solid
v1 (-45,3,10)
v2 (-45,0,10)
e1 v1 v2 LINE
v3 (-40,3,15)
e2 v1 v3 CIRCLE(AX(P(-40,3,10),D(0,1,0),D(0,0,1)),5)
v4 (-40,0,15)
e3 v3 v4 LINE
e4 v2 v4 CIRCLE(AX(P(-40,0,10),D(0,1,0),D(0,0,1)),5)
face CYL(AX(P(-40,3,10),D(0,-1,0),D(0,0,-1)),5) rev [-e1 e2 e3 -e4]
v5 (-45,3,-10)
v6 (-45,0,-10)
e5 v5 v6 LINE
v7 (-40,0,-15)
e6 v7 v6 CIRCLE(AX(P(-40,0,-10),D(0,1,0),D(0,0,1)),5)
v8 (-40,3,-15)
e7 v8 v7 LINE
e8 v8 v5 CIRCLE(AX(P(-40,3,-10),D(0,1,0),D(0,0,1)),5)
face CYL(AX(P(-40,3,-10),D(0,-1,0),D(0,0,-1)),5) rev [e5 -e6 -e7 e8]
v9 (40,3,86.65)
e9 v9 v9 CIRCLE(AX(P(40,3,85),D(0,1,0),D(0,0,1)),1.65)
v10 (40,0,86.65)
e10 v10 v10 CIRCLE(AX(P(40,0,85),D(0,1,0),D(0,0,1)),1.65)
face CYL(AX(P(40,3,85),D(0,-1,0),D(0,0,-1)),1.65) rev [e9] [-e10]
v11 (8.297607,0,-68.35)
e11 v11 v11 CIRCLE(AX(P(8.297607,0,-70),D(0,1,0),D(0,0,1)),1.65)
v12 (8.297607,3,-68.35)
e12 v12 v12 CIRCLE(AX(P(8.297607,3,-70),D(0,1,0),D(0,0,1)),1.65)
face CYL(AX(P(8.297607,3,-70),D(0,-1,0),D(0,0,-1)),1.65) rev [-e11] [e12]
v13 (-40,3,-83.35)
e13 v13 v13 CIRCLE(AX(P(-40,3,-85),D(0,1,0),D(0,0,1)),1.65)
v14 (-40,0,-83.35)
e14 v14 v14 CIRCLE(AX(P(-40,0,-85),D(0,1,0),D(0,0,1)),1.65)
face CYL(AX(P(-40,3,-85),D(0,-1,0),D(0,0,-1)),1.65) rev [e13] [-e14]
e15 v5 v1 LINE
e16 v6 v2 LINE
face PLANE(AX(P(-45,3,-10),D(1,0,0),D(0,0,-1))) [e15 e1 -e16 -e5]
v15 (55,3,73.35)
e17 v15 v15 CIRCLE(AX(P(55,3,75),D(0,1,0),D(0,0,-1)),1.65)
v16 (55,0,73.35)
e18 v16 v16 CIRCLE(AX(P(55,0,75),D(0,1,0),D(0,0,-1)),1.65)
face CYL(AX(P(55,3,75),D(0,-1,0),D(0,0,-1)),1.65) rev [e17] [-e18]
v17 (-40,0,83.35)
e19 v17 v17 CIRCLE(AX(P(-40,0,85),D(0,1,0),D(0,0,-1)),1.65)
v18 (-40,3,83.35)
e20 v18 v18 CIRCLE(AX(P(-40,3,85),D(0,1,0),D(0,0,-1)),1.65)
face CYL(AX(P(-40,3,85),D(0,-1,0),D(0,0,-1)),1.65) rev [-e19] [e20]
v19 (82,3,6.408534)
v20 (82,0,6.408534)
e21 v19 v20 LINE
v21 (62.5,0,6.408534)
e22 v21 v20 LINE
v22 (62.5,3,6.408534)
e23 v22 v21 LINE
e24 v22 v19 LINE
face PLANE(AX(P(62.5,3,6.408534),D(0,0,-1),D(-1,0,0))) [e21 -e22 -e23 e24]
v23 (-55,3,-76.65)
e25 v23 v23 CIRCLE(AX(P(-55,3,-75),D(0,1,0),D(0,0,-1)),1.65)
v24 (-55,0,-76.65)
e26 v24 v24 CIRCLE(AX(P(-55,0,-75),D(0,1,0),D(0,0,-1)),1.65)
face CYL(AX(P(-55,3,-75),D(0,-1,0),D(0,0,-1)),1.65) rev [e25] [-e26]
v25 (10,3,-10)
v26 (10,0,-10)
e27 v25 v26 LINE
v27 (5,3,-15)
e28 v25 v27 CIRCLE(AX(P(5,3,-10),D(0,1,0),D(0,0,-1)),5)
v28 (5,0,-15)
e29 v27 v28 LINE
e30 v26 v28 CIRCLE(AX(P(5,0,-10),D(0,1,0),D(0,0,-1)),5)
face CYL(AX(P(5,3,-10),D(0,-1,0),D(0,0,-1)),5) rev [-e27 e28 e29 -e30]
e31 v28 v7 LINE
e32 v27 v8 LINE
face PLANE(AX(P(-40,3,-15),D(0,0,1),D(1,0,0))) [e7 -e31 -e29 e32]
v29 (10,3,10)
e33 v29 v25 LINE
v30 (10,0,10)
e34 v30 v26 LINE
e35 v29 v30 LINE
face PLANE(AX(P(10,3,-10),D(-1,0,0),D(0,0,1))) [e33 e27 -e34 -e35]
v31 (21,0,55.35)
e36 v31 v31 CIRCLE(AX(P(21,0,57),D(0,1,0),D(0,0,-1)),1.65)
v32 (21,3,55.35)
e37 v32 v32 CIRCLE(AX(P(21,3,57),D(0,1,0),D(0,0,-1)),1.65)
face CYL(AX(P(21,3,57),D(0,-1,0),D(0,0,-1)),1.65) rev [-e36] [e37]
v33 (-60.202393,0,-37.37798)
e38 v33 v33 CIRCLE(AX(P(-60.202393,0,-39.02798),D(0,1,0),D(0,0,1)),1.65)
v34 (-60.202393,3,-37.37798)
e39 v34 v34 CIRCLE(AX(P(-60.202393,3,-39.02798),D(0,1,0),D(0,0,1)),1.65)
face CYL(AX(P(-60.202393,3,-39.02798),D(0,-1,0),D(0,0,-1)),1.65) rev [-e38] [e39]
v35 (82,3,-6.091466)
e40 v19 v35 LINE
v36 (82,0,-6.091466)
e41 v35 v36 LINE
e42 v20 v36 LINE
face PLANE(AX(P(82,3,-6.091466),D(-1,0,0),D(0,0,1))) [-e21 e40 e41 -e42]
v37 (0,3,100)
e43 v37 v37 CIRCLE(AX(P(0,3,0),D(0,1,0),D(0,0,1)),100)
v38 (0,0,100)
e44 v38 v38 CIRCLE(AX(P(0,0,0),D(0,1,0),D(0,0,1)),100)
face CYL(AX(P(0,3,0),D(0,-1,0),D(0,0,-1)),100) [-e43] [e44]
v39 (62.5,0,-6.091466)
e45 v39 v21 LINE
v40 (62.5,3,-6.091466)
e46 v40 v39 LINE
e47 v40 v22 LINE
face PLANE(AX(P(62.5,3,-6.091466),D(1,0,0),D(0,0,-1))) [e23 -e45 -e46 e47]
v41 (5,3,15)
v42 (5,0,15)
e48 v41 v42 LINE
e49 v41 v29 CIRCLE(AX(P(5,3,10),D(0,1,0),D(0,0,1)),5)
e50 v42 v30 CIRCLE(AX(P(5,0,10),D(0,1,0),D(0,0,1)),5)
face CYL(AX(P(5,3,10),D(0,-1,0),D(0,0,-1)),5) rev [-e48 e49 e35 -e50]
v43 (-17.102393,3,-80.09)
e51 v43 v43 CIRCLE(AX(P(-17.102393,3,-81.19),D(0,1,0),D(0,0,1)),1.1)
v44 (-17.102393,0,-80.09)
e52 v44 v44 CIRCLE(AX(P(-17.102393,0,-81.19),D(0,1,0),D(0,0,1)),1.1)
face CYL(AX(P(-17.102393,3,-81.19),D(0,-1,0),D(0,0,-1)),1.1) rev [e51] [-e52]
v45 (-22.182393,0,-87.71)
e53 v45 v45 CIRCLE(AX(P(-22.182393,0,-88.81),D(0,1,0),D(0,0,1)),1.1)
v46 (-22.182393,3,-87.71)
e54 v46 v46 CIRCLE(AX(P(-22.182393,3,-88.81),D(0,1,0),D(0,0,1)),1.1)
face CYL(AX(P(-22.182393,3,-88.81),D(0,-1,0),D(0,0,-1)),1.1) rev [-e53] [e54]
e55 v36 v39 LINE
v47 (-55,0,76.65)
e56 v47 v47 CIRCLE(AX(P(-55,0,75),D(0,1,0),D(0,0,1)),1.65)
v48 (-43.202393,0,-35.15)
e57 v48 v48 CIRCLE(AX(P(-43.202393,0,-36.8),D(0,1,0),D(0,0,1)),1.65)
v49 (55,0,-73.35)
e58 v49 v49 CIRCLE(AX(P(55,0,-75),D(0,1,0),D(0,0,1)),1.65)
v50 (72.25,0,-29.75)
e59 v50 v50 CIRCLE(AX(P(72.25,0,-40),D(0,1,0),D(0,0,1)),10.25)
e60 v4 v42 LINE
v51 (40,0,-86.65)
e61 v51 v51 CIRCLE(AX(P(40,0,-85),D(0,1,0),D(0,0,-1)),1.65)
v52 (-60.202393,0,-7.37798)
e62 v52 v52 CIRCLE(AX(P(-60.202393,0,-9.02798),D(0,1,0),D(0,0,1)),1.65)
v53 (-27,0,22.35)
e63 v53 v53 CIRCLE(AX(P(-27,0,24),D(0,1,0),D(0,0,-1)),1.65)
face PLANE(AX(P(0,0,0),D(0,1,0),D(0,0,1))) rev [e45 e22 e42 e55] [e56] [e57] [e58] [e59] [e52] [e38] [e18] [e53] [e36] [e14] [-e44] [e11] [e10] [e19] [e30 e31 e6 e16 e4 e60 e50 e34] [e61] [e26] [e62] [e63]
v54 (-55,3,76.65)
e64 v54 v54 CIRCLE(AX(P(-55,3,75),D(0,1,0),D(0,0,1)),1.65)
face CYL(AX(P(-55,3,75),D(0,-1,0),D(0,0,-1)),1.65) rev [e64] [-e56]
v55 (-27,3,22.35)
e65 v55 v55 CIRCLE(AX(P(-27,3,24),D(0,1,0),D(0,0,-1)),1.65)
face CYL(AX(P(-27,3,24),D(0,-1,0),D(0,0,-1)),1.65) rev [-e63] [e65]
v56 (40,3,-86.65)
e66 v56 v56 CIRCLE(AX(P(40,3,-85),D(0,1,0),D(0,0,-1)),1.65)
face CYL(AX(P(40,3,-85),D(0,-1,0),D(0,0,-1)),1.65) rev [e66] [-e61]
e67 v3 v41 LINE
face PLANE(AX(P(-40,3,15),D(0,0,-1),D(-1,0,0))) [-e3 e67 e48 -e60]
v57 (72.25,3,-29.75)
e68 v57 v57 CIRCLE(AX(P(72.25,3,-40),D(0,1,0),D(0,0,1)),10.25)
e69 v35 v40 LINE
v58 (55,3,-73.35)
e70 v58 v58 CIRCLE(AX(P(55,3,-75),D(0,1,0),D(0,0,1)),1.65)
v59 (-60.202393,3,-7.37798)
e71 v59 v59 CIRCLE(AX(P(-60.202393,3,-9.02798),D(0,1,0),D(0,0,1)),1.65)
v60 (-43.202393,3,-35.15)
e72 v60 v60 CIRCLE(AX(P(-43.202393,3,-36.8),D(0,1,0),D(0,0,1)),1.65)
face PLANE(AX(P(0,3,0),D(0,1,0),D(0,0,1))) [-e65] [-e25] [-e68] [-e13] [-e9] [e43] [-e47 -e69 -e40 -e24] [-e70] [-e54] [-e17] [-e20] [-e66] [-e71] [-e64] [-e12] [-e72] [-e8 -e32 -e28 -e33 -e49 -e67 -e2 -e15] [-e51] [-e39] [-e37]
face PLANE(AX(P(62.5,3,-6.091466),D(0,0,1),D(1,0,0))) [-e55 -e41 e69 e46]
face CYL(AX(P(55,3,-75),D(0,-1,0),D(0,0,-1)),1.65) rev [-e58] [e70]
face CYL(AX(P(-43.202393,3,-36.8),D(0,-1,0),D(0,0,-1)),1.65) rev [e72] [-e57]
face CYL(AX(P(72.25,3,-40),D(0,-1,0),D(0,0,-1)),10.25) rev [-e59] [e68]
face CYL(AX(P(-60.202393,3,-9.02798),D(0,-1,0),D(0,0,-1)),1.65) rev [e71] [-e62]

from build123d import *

# Parameters (mm, degrees)
CROQUIS1_R              = 100
CROQUIS1_R_2            = 1.65
CROQUIS1_R_3            = 10.25
CROQUIS1_R_4            = 1.1
CROQUIS1_W              = 19.5
CROQUIS1_H              = 12.5
SALIENTE_EXTRUIR1_DEPTH = 3


with BuildPart() as part:
    # Croquis1 → Saliente-Extruir1 (new body)
    with BuildSketch(Plane(origin=(0, 0, 0), x_dir=(1, 0, 0), z_dir=(0, 1, 0))):
        with Locations(Location((0, 0, 0), (0, 0, 270))):
            Circle(CROQUIS1_R)
        with Locations(Location((55, 75, 0), (0, 0, 270))):
            Circle(CROQUIS1_R_2, mode=Mode.SUBTRACT)
        with Locations(Location((40, -85, 0), (0, 0, 270))):
            Circle(CROQUIS1_R_2, mode=Mode.SUBTRACT)
        with Locations(Location((40, 85, 0), (0, 0, 90))):
            Circle(CROQUIS1_R_2, mode=Mode.SUBTRACT)
        with Locations(Location((-60.20239259, 39.027979594, 0), (0, 0, 270))):
            Circle(CROQUIS1_R_2, mode=Mode.SUBTRACT)
        with Locations(Location((-40, -85, 0), (0, 0, 90))):
            Circle(CROQUIS1_R_2, mode=Mode.SUBTRACT)
        with Locations(Location((-55, -75, 0), (0, 0, 270))):
            Circle(CROQUIS1_R_2, mode=Mode.SUBTRACT)
        with Locations(Location((-55, 75, 0), (0, 0, 90))):
            Circle(CROQUIS1_R_2, mode=Mode.SUBTRACT)
        with Locations(Location((-40, 85, 0), (0, 0, 270))):
            Circle(CROQUIS1_R_2, mode=Mode.SUBTRACT)
        with Locations(Location((-60.20239259, 9.027979594, 0), (0, 0, 270))):
            Circle(CROQUIS1_R_2, mode=Mode.SUBTRACT)
        with Locations(Location((72.25, 40, 0), (0, 0, 270))):
            Circle(CROQUIS1_R_3, mode=Mode.SUBTRACT)
        with Locations(Location((-43.20239259, 36.8, 0), (0, 0, 270))):
            Circle(CROQUIS1_R_2, mode=Mode.SUBTRACT)
        with Locations(Location((8.29760741, 70, 0), (0, 0, 270))):
            Circle(CROQUIS1_R_2, mode=Mode.SUBTRACT)
        with Locations(Location((21, -57, 0), (0, 0, 90))):
            Circle(CROQUIS1_R_2, mode=Mode.SUBTRACT)
        with Locations(Location((-27, -24, 0), (0, 0, 90))):
            Circle(CROQUIS1_R_2, mode=Mode.SUBTRACT)
        with Locations(Location((55, -75, 0), (0, 0, 90))):
            Circle(CROQUIS1_R_2, mode=Mode.SUBTRACT)
        with Locations(Location((-22.18239259, 88.81, 0), (0, 0, 270))):
            Circle(CROQUIS1_R_4, mode=Mode.SUBTRACT)
        with Locations(Location((-17.10239259, 81.19, 0), (0, 0, 270))):
            Circle(CROQUIS1_R_4, mode=Mode.SUBTRACT)
        with BuildLine():
            Line((-40, 15), (5, 15))
            ThreePointArc((5, 15), (8.535533906, 13.535533906), (10, 10))
            Line((10, 10), (10, -10))
            ThreePointArc((10, -10), (8.535533906, -13.535533906), (5, -15))
            Line((5, -15), (-40, -15))
            ThreePointArc((-40, -15), (-43.535533906, -13.535533906), (-45, -10))
            Line((-45, -10), (-45, 10))
            ThreePointArc((-45, 10), (-43.535533906, 13.535533906), (-40, 15))
        make_face(mode=Mode.SUBTRACT)
        with Locations((72.25, -0.158534098)):
            Rectangle(CROQUIS1_W, CROQUIS1_H, mode=Mode.SUBTRACT)
    extrude(amount=SALIENTE_EXTRUIR1_DEPTH)


solid = part.part
